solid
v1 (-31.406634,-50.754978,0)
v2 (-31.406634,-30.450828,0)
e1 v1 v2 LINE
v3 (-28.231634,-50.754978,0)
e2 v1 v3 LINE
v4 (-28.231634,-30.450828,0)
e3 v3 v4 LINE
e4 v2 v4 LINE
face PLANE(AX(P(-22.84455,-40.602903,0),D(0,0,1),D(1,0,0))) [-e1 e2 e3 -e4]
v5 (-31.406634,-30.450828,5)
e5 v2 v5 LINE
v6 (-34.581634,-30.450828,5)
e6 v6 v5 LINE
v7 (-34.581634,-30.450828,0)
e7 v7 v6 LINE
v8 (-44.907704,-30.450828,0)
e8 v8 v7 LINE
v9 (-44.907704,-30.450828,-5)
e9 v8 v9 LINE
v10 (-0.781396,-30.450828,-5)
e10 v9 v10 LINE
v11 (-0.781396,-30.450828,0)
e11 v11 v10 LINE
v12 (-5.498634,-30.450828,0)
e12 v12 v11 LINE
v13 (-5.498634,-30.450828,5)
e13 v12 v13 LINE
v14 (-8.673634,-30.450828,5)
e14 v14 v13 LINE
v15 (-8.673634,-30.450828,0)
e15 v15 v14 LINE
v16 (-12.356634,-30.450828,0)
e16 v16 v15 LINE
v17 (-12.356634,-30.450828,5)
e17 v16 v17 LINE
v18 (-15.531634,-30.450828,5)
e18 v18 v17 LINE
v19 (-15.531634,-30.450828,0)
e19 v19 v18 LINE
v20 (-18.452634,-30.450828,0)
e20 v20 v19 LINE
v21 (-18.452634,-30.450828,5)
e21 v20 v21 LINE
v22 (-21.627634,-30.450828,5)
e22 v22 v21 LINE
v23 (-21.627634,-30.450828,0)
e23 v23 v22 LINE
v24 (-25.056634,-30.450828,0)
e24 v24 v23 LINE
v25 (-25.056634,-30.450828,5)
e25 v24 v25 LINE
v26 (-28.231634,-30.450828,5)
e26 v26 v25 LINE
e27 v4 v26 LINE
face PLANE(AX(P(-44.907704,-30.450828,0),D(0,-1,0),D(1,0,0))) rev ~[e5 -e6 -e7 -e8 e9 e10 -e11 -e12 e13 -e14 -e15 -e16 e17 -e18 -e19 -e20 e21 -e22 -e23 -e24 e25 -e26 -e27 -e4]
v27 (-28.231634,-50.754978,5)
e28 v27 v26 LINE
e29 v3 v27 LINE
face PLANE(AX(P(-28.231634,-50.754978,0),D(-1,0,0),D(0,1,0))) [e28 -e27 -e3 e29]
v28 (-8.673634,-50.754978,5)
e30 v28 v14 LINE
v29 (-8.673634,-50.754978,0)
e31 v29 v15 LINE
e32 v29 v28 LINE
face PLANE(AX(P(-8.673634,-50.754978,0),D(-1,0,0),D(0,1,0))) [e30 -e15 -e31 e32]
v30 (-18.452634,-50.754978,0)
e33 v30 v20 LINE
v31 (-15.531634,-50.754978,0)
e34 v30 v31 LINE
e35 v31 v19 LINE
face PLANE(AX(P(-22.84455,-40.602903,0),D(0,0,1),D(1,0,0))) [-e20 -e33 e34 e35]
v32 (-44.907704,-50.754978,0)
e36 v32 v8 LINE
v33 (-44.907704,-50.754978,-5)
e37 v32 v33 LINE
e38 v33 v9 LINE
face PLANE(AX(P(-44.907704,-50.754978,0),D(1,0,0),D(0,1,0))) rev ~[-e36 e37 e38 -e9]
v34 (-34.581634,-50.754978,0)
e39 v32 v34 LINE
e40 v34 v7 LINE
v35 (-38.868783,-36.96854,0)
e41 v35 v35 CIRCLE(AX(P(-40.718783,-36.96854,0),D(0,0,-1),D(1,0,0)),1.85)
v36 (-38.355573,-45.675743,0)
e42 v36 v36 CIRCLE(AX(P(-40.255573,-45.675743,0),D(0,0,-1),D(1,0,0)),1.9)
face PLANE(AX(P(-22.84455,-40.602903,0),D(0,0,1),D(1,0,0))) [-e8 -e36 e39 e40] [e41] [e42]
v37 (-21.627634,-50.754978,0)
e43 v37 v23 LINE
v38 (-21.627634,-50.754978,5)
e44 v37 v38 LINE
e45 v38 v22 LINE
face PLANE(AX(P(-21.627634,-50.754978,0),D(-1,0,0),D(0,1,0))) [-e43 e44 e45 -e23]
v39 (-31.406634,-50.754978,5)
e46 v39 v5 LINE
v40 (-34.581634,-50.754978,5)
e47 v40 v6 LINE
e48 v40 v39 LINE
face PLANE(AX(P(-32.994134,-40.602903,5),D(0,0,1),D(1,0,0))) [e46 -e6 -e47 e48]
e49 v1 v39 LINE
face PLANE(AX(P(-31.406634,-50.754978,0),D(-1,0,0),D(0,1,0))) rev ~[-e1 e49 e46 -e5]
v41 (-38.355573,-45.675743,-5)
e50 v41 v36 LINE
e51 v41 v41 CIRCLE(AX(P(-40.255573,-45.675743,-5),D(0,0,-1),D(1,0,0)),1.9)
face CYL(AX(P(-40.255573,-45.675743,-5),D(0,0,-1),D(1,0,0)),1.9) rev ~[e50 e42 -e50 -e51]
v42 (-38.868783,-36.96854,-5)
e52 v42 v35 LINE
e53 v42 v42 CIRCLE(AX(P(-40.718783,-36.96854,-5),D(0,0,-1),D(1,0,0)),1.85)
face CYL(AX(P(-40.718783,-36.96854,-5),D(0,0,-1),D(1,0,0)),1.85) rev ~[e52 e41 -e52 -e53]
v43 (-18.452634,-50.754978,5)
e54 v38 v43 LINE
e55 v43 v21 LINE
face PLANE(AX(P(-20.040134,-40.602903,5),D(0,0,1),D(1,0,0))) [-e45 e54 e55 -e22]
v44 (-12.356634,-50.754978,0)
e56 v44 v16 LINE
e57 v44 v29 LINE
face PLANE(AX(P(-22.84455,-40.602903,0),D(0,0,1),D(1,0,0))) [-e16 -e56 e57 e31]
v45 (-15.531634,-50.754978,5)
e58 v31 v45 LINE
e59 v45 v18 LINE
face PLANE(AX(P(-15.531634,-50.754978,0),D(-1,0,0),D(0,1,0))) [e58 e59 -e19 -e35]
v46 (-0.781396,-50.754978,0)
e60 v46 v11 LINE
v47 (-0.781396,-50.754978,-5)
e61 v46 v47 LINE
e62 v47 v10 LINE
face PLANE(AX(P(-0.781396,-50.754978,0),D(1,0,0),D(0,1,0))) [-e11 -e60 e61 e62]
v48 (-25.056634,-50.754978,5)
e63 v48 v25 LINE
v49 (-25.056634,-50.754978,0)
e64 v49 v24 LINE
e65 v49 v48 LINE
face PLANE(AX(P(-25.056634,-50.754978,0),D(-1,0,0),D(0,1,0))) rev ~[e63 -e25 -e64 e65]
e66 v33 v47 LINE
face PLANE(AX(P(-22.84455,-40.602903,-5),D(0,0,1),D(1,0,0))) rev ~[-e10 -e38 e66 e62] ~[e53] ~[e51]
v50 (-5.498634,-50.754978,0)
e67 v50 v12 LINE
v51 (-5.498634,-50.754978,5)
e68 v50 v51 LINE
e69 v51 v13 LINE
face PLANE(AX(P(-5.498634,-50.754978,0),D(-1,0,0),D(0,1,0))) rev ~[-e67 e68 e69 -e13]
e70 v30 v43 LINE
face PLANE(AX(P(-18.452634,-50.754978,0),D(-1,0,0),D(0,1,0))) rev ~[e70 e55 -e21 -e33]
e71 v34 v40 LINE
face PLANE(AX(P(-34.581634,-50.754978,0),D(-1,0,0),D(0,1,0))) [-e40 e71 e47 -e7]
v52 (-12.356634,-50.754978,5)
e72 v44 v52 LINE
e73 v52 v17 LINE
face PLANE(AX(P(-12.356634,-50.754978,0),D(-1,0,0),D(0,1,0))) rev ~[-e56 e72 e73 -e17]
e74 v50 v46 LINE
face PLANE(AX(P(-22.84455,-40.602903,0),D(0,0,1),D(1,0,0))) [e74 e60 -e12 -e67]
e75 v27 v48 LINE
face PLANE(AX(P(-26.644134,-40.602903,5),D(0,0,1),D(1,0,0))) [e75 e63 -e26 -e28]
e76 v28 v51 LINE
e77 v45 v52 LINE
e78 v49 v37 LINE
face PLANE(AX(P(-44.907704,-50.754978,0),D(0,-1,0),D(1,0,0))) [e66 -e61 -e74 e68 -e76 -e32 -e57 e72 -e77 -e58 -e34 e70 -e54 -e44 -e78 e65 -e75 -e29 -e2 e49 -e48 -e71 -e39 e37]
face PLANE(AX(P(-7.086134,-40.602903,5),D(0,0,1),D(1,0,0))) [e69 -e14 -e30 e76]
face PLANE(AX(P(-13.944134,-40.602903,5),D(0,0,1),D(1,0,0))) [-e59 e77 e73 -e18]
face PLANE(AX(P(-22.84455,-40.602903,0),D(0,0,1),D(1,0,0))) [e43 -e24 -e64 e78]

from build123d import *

# Parameters (mm, degrees)
F0_W     = 44.126308
F0_H     = 20.30415
F1_DEPTH = 5
F2_W     = 3.175
F2_H     = 20.30415
F3_DEPTH = 5
F4_R     = 1.9
F4_R_2   = 1.85
F5_DEPTH = 10.001


with BuildPart() as f1:
    # F0 (on Top) → F1 (new body)
    with BuildSketch(Plane.XY):
        with Locations((-22.84455, -40.602903)):
            Rectangle(F0_W, F0_H)
    extrude(amount=-F1_DEPTH)

    # F2 (on face) → F3 (join)
    with BuildSketch(Plane.XY):
        with Locations((-7.086134, -40.602903)):
            Rectangle(F2_W, F2_H)
        with Locations((-13.944134, -40.602903)):
            Rectangle(F2_W, F2_H)
        with Locations((-20.040134, -40.602903)):
            Rectangle(F2_W, F2_H)
        with Locations((-26.644134, -40.602903)):
            Rectangle(F2_W, F2_H)
        with Locations((-32.994134, -40.602903)):
            Rectangle(F2_W, F2_H)
    extrude(amount=F3_DEPTH)

    # F4 (on face) → F5 (cut, through all)
    with BuildSketch(Plane(origin=(0, 0, -5), x_dir=(1, 0, 0), z_dir=(0, 0, -1))):
        with Locations((-40.255573, 45.675743)):
            Circle(F4_R)
        with Locations((-40.718783, 36.96854)):
            Circle(F4_R_2)
    extrude(amount=-F5_DEPTH, mode=Mode.SUBTRACT)


solid = f1.part
